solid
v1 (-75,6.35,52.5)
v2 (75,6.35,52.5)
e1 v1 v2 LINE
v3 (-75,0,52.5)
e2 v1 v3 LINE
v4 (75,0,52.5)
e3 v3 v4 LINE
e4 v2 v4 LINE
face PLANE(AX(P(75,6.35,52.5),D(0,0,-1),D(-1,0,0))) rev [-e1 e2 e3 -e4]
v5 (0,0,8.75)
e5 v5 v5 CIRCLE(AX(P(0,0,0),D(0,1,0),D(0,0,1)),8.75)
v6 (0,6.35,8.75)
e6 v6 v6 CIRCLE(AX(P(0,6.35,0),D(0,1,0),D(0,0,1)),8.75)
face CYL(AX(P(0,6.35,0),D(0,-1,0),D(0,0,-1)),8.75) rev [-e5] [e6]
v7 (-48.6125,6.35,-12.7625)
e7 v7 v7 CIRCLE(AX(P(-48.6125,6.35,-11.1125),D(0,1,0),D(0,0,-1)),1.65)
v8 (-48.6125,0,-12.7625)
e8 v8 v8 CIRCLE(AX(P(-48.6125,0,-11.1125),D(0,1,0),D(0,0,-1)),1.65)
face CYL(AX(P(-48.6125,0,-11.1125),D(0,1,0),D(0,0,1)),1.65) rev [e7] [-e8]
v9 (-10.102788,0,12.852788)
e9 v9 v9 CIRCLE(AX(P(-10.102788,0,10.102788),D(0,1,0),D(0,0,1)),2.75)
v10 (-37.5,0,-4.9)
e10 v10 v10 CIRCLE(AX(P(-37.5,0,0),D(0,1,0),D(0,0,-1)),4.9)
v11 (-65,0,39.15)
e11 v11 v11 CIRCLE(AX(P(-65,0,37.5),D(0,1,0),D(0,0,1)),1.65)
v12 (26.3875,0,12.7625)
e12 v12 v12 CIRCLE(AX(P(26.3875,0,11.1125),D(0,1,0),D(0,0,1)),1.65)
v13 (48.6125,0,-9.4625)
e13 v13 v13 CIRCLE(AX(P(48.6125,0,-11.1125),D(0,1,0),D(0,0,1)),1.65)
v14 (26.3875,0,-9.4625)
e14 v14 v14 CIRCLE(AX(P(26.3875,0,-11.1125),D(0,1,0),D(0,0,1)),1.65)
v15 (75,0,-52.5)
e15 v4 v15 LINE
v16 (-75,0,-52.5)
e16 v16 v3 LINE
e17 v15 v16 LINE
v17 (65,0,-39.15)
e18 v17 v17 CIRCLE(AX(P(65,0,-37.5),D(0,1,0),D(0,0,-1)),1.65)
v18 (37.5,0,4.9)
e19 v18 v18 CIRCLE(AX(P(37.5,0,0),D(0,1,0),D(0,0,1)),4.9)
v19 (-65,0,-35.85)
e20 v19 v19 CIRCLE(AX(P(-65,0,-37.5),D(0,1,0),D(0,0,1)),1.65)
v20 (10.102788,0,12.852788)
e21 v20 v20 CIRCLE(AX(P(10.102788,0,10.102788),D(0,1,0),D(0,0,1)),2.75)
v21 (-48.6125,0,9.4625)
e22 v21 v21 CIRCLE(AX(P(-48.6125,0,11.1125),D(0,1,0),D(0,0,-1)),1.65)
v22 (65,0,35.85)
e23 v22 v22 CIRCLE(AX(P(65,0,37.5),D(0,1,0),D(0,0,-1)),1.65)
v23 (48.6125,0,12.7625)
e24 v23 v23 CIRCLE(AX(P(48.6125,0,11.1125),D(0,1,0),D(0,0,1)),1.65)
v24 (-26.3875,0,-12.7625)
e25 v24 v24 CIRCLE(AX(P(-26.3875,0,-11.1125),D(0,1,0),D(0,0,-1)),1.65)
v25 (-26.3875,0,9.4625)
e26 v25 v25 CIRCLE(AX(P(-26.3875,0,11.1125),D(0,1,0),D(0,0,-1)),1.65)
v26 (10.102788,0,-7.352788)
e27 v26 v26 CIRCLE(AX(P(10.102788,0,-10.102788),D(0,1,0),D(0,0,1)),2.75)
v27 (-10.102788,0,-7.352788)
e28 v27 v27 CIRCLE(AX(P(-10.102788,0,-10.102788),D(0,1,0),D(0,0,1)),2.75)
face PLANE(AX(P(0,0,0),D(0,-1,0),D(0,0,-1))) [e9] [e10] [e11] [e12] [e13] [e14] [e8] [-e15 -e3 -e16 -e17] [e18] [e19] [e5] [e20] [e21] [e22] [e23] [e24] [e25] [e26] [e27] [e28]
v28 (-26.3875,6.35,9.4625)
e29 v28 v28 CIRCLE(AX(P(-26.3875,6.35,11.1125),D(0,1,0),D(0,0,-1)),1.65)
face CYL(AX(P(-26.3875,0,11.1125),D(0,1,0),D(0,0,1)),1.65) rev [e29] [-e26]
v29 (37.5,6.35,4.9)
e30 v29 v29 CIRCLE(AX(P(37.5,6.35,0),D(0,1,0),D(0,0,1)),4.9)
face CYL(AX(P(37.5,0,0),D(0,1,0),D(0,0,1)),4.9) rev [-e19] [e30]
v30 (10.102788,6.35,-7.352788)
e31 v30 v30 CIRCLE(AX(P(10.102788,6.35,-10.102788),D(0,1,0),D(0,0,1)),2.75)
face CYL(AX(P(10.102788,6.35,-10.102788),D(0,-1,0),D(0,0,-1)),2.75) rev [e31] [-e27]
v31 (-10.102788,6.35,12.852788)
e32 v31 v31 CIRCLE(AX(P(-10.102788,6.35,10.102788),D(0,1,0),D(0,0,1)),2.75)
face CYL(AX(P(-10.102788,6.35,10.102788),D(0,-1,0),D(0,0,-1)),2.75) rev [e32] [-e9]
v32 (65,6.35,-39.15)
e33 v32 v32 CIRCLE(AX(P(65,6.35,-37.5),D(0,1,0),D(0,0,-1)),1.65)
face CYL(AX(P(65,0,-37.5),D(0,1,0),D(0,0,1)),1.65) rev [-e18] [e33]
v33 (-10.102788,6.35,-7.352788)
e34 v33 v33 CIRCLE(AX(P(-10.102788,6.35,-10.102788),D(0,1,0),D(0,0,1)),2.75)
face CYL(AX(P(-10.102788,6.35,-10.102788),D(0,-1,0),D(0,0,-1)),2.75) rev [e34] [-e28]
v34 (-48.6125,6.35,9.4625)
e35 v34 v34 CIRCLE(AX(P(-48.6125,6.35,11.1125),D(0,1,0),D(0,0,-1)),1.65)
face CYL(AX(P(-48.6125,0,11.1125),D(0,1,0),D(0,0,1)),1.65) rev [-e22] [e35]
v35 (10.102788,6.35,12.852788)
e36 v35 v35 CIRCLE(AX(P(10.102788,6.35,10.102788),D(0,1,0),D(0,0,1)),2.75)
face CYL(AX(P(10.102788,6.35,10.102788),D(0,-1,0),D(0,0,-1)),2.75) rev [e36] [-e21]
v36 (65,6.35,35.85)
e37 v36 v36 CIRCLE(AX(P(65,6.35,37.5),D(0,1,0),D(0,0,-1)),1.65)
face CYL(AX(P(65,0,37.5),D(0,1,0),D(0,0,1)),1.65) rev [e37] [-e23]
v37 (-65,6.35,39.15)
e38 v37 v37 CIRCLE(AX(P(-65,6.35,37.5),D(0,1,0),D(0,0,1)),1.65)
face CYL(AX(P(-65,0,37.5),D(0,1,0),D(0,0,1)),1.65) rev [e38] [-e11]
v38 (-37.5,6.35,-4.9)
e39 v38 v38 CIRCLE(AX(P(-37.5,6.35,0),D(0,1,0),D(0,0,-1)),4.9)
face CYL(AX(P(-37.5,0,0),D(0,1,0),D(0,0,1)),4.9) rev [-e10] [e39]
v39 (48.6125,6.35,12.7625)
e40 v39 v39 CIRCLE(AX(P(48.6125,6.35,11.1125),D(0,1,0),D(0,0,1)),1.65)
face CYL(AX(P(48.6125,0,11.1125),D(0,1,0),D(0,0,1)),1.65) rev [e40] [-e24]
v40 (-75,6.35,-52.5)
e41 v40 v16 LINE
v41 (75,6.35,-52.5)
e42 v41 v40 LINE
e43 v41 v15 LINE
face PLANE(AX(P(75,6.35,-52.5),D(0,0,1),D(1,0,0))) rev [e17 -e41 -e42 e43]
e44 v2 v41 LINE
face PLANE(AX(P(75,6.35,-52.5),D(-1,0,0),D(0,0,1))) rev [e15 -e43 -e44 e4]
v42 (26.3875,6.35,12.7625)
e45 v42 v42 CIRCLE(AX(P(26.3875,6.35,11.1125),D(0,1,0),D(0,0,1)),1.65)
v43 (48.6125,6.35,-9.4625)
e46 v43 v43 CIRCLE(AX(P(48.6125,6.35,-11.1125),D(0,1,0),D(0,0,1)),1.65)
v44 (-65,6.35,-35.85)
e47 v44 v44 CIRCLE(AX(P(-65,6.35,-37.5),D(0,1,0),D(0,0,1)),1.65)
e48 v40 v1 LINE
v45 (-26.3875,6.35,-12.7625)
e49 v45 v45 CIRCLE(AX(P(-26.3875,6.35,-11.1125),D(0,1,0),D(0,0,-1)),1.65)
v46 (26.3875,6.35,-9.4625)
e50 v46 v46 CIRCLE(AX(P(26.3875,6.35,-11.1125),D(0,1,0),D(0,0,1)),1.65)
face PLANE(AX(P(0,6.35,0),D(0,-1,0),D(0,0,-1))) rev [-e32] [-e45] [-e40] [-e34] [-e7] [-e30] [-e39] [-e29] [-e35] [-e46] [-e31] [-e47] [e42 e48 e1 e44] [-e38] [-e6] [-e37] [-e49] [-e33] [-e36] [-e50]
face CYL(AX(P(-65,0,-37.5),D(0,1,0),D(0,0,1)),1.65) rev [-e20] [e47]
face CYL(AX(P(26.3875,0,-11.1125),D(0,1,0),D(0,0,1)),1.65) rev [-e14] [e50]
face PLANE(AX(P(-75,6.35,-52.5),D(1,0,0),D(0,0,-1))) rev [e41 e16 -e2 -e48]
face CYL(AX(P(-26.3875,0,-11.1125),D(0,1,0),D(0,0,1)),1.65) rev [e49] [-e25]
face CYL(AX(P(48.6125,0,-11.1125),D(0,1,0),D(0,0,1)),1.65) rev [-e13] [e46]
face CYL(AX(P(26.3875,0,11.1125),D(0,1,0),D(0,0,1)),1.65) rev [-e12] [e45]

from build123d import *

# Parameters (mm, degrees)
SKETCH1_W            = 150
SKETCH1_H            = 105
SKETCH1_R            = 8.75
SKETCH1_R_2          = 2.75
BASE_DEPTH           = 6.35
SKETCH3_R            = 4.9
SKETCH3_R_2          = 1.65
BEARING_HOLES_DEPTH  = 7.35
SKETCH2_R            = 1.65
MOUNTING_HOLES_DEPTH = 7.35


with BuildPart() as part:
    # Sketch1 → Base (new body)
    with BuildSketch(Plane(origin=(0, 0, 0), x_dir=(1, 0, 0), z_dir=(0, 1, 0))):
        Rectangle(SKETCH1_W, SKETCH1_H)
        Circle(SKETCH1_R, mode=Mode.SUBTRACT)
        with Locations((10.102788136, 10.102788136)):
            Circle(SKETCH1_R_2, mode=Mode.SUBTRACT)
        with Locations((10.102788136, -10.102788136)):
            Circle(SKETCH1_R_2, mode=Mode.SUBTRACT)
        with Locations((-10.102788136, -10.102788136)):
            Circle(SKETCH1_R_2, mode=Mode.SUBTRACT)
        with Locations((-10.102788136, 10.102788136)):
            Circle(SKETCH1_R_2, mode=Mode.SUBTRACT)
    extrude(amount=BASE_DEPTH)

    # Sketch3 → Bearing Holes (cut, through all)
    with BuildSketch(Plane(origin=(0, 6.35, 0), x_dir=(1, 0, 0), z_dir=(0, 1, 0))):
        with Locations((37.5, 0)):
            Circle(SKETCH3_R)
        with Locations((26.3875, 11.1125)):
            Circle(SKETCH3_R_2)
        with Locations((48.6125, 11.1125)):
            Circle(SKETCH3_R_2)
        with Locations((48.6125, -11.1125)):
            Circle(SKETCH3_R_2)
        with Locations((26.3875, -11.1125)):
            Circle(SKETCH3_R_2)
        with Locations((-26.3875, -11.1125)):
            Circle(SKETCH3_R_2)
        with Locations((-48.6125, -11.1125)):
            Circle(SKETCH3_R_2)
        with Locations((-48.6125, 11.1125)):
            Circle(SKETCH3_R_2)
        with Locations((-26.3875, 11.1125)):
            Circle(SKETCH3_R_2)
        with Locations((-37.5, 0)):
            Circle(SKETCH3_R)
    extrude(amount=-BEARING_HOLES_DEPTH, mode=Mode.SUBTRACT)

    # Sketch2 → Mounting Holes (cut, through all)
    with BuildSketch(Plane(origin=(0, 6.35, 0), x_dir=(1, 0, 0), z_dir=(0, 1, 0))):
        with Locations((-65, 37.5)):
            Circle(SKETCH2_R)
        with Locations((-65, -37.5)):
            Circle(SKETCH2_R)
        with Locations((65, -37.5)):
            Circle(SKETCH2_R)
        with Locations((65, 37.5)):
            Circle(SKETCH2_R)
    extrude(amount=-MOUNTING_HOLES_DEPTH, mode=Mode.SUBTRACT)


solid = part.part
